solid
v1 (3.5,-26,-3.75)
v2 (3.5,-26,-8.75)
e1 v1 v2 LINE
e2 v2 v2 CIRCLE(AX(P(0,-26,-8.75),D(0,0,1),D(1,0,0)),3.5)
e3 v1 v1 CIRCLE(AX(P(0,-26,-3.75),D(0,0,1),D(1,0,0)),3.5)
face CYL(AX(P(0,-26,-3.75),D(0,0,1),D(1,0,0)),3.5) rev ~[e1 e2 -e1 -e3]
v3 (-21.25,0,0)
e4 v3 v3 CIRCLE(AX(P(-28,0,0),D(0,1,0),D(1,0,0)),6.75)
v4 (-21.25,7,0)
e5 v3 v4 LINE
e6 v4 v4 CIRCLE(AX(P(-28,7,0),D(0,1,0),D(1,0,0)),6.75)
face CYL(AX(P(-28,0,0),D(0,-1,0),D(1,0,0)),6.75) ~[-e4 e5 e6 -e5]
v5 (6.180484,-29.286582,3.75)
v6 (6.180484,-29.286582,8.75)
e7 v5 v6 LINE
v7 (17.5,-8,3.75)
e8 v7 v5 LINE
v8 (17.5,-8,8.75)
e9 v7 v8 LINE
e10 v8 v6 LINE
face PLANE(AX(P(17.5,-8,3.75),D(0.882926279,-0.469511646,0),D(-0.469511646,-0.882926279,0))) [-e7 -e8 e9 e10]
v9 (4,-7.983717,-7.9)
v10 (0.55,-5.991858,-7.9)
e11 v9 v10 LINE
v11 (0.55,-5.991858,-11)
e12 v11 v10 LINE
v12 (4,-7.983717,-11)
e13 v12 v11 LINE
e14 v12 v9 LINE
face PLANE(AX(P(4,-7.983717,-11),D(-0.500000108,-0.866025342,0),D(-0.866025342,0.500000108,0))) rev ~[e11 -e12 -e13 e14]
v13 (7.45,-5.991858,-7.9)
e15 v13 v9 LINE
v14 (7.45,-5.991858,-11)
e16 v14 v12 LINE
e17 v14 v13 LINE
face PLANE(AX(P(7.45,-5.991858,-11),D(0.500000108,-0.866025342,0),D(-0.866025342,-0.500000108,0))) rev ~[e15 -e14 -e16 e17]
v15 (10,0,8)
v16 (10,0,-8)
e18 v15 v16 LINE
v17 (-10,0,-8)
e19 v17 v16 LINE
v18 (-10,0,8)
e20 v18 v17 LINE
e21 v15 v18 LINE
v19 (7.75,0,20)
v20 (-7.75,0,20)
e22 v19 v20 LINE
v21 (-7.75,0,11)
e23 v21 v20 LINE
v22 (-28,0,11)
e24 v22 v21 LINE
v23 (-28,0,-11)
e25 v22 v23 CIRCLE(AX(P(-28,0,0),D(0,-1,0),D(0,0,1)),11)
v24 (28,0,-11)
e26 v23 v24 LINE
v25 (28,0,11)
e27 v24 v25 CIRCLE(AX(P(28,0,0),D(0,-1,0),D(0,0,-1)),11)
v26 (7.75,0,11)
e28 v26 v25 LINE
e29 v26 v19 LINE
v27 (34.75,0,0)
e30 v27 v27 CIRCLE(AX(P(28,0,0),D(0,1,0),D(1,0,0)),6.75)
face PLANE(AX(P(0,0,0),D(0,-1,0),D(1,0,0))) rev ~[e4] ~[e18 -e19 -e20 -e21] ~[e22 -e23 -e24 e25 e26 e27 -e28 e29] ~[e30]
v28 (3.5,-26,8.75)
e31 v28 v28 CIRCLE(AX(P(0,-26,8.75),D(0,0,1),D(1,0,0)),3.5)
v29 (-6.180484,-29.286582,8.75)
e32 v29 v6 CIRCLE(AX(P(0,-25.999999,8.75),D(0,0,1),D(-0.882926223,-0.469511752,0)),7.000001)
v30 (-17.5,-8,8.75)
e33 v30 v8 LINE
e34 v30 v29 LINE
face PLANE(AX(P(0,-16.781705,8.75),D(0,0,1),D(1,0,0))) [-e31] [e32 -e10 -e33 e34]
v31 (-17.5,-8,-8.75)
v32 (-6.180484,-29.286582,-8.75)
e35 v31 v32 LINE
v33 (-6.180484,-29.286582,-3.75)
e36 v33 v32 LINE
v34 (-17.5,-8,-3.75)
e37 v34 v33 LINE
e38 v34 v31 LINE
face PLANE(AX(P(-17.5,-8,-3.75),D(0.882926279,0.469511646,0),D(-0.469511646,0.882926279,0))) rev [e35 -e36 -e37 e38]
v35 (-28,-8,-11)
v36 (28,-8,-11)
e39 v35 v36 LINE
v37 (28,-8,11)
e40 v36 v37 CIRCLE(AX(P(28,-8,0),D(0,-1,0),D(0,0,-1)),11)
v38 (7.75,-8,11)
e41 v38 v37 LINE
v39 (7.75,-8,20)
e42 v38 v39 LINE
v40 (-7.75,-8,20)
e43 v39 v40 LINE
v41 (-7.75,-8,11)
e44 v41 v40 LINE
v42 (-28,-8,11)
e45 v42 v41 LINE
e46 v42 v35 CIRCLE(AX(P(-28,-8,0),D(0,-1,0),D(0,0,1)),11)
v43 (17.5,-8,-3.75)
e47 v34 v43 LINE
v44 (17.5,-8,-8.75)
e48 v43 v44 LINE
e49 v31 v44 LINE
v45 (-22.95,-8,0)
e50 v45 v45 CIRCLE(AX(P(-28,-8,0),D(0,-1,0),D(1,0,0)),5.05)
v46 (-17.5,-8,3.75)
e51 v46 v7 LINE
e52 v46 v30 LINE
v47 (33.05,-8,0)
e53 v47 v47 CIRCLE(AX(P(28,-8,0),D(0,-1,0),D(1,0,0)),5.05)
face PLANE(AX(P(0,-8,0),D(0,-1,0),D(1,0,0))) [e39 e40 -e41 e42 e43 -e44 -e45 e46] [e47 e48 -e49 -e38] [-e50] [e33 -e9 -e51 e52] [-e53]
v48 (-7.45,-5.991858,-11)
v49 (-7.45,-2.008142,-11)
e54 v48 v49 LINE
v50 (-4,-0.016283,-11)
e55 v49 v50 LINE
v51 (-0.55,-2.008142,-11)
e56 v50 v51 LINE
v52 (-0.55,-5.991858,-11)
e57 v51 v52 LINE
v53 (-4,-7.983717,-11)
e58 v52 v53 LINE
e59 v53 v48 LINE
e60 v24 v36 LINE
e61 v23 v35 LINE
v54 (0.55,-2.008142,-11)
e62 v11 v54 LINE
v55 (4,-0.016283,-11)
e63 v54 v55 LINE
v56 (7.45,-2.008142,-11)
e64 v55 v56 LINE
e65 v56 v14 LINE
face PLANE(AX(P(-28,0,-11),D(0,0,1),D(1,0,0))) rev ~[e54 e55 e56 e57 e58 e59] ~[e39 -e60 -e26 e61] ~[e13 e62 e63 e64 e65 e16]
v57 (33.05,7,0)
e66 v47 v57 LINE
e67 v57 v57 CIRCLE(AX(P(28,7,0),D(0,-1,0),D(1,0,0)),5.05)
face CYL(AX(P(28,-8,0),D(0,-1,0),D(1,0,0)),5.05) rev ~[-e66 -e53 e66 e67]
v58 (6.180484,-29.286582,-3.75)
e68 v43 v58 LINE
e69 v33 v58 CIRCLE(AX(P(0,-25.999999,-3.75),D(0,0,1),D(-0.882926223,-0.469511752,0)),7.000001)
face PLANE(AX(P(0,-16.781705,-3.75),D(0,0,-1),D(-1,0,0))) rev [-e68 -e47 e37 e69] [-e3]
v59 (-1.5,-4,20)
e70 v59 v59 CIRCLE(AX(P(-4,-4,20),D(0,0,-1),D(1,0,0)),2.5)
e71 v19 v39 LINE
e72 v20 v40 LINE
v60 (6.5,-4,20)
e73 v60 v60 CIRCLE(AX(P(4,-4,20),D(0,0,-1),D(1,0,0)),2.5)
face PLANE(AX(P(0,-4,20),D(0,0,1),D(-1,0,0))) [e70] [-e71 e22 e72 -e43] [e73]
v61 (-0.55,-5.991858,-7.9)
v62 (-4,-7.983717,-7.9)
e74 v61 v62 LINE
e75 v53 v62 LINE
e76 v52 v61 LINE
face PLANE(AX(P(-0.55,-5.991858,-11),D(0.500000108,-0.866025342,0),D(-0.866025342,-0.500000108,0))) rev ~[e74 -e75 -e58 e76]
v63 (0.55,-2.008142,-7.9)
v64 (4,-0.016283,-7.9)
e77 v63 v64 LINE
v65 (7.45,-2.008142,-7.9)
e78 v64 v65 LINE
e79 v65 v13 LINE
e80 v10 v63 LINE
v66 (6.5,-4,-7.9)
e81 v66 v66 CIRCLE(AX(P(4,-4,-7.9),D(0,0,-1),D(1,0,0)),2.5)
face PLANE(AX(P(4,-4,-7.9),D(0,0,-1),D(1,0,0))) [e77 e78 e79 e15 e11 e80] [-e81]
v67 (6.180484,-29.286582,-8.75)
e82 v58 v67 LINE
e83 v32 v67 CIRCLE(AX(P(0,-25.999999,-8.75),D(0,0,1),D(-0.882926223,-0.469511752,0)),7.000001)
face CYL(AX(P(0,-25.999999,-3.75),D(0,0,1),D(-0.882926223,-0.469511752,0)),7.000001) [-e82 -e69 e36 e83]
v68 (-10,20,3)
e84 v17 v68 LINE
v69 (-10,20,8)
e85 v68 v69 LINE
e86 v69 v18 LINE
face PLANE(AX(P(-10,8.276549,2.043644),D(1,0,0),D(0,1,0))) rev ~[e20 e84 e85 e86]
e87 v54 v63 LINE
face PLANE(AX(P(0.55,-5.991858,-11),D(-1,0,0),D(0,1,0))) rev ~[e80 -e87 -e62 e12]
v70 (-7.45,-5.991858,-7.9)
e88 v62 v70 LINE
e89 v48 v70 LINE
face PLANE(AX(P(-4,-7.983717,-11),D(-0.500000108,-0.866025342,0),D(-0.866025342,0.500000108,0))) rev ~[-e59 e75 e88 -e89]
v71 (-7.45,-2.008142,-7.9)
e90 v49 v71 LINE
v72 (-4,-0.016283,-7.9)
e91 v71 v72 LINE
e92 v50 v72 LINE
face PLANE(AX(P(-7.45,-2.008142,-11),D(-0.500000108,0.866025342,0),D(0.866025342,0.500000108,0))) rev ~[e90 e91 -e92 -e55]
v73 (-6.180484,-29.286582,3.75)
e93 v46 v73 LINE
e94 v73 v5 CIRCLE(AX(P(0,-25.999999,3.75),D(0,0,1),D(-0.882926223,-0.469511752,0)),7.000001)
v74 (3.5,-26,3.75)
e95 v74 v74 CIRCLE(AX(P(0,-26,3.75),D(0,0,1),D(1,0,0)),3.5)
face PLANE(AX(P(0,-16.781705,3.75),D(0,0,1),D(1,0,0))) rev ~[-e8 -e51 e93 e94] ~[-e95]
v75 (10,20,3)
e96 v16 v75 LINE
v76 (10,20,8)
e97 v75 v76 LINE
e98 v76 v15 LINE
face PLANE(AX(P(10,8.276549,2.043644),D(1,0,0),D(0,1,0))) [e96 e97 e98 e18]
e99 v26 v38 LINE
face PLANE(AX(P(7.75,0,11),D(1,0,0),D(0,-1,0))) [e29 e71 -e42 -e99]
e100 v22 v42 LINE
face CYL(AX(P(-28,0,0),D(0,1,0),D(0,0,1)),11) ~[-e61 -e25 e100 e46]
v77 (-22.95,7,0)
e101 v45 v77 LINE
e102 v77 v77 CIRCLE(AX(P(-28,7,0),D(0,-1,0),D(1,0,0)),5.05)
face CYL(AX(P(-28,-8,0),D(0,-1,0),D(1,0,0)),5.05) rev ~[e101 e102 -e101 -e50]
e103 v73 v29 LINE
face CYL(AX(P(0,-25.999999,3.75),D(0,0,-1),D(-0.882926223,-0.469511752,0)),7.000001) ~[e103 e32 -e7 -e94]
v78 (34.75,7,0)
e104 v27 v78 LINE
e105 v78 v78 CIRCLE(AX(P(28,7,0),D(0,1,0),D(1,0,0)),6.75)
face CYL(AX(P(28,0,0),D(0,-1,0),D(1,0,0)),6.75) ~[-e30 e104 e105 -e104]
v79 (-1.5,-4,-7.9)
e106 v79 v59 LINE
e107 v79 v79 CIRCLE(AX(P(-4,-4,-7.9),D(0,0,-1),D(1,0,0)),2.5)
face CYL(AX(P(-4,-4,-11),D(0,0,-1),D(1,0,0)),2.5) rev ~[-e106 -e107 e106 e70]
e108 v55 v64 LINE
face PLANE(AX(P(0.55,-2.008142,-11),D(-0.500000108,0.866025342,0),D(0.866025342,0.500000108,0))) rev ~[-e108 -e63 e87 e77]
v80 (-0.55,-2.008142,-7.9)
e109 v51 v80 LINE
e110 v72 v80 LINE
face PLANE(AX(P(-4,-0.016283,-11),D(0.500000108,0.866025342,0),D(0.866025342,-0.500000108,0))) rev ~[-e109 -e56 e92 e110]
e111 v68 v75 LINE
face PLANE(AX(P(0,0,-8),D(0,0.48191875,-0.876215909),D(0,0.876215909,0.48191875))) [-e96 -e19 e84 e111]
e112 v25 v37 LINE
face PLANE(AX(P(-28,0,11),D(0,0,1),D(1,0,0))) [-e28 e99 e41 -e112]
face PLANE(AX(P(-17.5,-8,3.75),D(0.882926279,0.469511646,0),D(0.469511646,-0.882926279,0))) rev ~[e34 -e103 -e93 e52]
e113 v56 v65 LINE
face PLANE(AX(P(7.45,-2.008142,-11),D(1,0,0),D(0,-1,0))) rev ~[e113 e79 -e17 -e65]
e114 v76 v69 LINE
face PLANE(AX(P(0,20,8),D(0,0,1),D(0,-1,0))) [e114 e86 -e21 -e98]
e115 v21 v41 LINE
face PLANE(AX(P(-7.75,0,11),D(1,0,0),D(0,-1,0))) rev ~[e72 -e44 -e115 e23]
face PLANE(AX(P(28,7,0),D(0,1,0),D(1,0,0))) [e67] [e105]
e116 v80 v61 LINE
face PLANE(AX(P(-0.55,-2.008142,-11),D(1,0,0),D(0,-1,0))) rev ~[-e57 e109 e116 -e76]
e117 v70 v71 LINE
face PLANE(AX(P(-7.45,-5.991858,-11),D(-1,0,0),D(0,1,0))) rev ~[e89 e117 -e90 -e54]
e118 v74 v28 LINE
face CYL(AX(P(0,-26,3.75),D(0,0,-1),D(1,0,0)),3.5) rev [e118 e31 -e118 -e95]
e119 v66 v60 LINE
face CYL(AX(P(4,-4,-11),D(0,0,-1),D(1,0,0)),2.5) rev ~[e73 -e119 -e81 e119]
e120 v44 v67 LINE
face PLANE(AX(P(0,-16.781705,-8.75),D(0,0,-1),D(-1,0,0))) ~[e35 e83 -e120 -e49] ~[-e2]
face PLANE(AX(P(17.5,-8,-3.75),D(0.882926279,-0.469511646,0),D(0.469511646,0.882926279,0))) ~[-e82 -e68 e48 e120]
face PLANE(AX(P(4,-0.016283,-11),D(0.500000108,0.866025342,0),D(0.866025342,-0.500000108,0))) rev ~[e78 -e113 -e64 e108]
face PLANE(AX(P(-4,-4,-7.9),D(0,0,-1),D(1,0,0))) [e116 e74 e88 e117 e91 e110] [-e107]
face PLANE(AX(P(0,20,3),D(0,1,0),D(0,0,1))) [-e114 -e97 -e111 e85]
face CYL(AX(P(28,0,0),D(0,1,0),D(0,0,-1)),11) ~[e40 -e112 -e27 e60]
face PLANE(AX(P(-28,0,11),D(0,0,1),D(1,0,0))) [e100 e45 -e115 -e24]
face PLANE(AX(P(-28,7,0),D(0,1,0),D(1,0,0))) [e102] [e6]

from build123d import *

# Parameters (mm, degrees)
PAD_DEPTH       = 8
SKETCH001_R     = 6.75
PAD001_DEPTH    = 7
SKETCH002_R     = 5.05
POCKET_DEPTH    = 15.001
SKETCH003_R     = 3.5
PAD002_DEPTH    = 5
PAD003_DEPTH    = 10
SKETCH005_W     = 15.5
SKETCH005_H     = 8
PAD004_DEPTH    = 9
SKETCH006_R     = 2.5
POCKET001_DEPTH = 31.001
POCKET002_DEPTH = 3.1


with BuildPart() as part:
    # Sketch → Pad (new body)
    with BuildSketch(Plane.XZ):
        with BuildLine():
            ThreePointArc((-28, 11), (-39, 0), (-28, -11))
            Line((-28, -11), (28, -11))
            ThreePointArc((28, -11), (39, 0), (28, 11))
            Line((-28, 11), (28, 11))
        make_face()
    extrude(amount=PAD_DEPTH)

    # Sketch001 (on Face5 of Pad) → Pad001 (join)
    with BuildSketch(Plane(origin=(0, 0, 0), x_dir=(1, 0, 0), z_dir=(0, 1, 0))):
        with Locations((-28, 0)):
            Circle(SKETCH001_R)
        with Locations((28, 0)):
            Circle(SKETCH001_R)
    extrude(amount=PAD001_DEPTH)

    # Sketch002 (on Face5 of Pad001) → Pocket (cut, through all)
    with BuildSketch(Plane.XZ.offset(8)):
        with Locations((-28, 0)):
            Circle(SKETCH002_R)
        with Locations((28, 0)):
            Circle(SKETCH002_R)
    extrude(amount=-POCKET_DEPTH, mode=Mode.SUBTRACT)

    # Sketch003 (on DatumPlane) → Pad002 (join)
    with BuildSketch(Plane.XY.offset(3.75)):
        with BuildLine():
            Line((-17.5, -8), (-6.180484, -29.286582))
            ThreePointArc((-6.180484, -29.286582), (0, -33), (6.180484, -29.286582))
            Line((17.5, -8), (6.180484, -29.286582))
            Line((-17.5, -8), (17.5, -8))
        make_face()
        with Locations((0, -26)):
            Circle(SKETCH003_R, mode=Mode.SUBTRACT)
    pad002 = extrude(amount=PAD002_DEPTH)

    # Mirrored: Pad002 across XY
    add(pad002.mirror(Plane.XY))

    # Sketch004 → Pad003 (join, symmetric)
    with BuildSketch(Plane.YZ):
        Polygon((0, 8), (0, -8), (20, 3), (20, 8), align=None)
    extrude(amount=PAD003_DEPTH, both=True)

    # Sketch005 (on Face2 of Pad003) → Pad004 (join)
    with BuildSketch(Plane(origin=(0, 0, 11), x_dir=(-1, 0, 0), z_dir=(0, 0, 1))):
        with Locations((0, 4)):
            Rectangle(SKETCH005_W, SKETCH005_H)
    extrude(amount=PAD004_DEPTH)

    # Sketch006 (on Face3 of Pad004) → Pocket001 (cut, through all)
    with BuildSketch(Plane(origin=(0, 0, -11), x_dir=(1, 0, 0), z_dir=(0, 0, -1))):
        with Locations((-4, 4)):
            Circle(SKETCH006_R)
        with Locations((4, 4)):
            Circle(SKETCH006_R)
    extrude(amount=-POCKET001_DEPTH, mode=Mode.SUBTRACT)

    # Sketch007 (on Face3 of Pocket001) → Pocket002 (cut)
    with BuildSketch(Plane(origin=(0, 0, -11), x_dir=(1, 0, 0), z_dir=(0, 0, -1))):
        Polygon((-0.55, 5.991858), (-4, 7.983717), (-7.45, 5.991858), (-7.45, 2.008142), (-4, 0.016283), (-0.55, 2.008142), align=None)
        Polygon((4, 7.983717), (0.55, 5.991858), (0.55, 2.008142), (4, 0.016283), (7.45, 2.008142), (7.45, 5.991858), align=None)
    extrude(amount=-POCKET002_DEPTH, mode=Mode.SUBTRACT)


solid = part.part
